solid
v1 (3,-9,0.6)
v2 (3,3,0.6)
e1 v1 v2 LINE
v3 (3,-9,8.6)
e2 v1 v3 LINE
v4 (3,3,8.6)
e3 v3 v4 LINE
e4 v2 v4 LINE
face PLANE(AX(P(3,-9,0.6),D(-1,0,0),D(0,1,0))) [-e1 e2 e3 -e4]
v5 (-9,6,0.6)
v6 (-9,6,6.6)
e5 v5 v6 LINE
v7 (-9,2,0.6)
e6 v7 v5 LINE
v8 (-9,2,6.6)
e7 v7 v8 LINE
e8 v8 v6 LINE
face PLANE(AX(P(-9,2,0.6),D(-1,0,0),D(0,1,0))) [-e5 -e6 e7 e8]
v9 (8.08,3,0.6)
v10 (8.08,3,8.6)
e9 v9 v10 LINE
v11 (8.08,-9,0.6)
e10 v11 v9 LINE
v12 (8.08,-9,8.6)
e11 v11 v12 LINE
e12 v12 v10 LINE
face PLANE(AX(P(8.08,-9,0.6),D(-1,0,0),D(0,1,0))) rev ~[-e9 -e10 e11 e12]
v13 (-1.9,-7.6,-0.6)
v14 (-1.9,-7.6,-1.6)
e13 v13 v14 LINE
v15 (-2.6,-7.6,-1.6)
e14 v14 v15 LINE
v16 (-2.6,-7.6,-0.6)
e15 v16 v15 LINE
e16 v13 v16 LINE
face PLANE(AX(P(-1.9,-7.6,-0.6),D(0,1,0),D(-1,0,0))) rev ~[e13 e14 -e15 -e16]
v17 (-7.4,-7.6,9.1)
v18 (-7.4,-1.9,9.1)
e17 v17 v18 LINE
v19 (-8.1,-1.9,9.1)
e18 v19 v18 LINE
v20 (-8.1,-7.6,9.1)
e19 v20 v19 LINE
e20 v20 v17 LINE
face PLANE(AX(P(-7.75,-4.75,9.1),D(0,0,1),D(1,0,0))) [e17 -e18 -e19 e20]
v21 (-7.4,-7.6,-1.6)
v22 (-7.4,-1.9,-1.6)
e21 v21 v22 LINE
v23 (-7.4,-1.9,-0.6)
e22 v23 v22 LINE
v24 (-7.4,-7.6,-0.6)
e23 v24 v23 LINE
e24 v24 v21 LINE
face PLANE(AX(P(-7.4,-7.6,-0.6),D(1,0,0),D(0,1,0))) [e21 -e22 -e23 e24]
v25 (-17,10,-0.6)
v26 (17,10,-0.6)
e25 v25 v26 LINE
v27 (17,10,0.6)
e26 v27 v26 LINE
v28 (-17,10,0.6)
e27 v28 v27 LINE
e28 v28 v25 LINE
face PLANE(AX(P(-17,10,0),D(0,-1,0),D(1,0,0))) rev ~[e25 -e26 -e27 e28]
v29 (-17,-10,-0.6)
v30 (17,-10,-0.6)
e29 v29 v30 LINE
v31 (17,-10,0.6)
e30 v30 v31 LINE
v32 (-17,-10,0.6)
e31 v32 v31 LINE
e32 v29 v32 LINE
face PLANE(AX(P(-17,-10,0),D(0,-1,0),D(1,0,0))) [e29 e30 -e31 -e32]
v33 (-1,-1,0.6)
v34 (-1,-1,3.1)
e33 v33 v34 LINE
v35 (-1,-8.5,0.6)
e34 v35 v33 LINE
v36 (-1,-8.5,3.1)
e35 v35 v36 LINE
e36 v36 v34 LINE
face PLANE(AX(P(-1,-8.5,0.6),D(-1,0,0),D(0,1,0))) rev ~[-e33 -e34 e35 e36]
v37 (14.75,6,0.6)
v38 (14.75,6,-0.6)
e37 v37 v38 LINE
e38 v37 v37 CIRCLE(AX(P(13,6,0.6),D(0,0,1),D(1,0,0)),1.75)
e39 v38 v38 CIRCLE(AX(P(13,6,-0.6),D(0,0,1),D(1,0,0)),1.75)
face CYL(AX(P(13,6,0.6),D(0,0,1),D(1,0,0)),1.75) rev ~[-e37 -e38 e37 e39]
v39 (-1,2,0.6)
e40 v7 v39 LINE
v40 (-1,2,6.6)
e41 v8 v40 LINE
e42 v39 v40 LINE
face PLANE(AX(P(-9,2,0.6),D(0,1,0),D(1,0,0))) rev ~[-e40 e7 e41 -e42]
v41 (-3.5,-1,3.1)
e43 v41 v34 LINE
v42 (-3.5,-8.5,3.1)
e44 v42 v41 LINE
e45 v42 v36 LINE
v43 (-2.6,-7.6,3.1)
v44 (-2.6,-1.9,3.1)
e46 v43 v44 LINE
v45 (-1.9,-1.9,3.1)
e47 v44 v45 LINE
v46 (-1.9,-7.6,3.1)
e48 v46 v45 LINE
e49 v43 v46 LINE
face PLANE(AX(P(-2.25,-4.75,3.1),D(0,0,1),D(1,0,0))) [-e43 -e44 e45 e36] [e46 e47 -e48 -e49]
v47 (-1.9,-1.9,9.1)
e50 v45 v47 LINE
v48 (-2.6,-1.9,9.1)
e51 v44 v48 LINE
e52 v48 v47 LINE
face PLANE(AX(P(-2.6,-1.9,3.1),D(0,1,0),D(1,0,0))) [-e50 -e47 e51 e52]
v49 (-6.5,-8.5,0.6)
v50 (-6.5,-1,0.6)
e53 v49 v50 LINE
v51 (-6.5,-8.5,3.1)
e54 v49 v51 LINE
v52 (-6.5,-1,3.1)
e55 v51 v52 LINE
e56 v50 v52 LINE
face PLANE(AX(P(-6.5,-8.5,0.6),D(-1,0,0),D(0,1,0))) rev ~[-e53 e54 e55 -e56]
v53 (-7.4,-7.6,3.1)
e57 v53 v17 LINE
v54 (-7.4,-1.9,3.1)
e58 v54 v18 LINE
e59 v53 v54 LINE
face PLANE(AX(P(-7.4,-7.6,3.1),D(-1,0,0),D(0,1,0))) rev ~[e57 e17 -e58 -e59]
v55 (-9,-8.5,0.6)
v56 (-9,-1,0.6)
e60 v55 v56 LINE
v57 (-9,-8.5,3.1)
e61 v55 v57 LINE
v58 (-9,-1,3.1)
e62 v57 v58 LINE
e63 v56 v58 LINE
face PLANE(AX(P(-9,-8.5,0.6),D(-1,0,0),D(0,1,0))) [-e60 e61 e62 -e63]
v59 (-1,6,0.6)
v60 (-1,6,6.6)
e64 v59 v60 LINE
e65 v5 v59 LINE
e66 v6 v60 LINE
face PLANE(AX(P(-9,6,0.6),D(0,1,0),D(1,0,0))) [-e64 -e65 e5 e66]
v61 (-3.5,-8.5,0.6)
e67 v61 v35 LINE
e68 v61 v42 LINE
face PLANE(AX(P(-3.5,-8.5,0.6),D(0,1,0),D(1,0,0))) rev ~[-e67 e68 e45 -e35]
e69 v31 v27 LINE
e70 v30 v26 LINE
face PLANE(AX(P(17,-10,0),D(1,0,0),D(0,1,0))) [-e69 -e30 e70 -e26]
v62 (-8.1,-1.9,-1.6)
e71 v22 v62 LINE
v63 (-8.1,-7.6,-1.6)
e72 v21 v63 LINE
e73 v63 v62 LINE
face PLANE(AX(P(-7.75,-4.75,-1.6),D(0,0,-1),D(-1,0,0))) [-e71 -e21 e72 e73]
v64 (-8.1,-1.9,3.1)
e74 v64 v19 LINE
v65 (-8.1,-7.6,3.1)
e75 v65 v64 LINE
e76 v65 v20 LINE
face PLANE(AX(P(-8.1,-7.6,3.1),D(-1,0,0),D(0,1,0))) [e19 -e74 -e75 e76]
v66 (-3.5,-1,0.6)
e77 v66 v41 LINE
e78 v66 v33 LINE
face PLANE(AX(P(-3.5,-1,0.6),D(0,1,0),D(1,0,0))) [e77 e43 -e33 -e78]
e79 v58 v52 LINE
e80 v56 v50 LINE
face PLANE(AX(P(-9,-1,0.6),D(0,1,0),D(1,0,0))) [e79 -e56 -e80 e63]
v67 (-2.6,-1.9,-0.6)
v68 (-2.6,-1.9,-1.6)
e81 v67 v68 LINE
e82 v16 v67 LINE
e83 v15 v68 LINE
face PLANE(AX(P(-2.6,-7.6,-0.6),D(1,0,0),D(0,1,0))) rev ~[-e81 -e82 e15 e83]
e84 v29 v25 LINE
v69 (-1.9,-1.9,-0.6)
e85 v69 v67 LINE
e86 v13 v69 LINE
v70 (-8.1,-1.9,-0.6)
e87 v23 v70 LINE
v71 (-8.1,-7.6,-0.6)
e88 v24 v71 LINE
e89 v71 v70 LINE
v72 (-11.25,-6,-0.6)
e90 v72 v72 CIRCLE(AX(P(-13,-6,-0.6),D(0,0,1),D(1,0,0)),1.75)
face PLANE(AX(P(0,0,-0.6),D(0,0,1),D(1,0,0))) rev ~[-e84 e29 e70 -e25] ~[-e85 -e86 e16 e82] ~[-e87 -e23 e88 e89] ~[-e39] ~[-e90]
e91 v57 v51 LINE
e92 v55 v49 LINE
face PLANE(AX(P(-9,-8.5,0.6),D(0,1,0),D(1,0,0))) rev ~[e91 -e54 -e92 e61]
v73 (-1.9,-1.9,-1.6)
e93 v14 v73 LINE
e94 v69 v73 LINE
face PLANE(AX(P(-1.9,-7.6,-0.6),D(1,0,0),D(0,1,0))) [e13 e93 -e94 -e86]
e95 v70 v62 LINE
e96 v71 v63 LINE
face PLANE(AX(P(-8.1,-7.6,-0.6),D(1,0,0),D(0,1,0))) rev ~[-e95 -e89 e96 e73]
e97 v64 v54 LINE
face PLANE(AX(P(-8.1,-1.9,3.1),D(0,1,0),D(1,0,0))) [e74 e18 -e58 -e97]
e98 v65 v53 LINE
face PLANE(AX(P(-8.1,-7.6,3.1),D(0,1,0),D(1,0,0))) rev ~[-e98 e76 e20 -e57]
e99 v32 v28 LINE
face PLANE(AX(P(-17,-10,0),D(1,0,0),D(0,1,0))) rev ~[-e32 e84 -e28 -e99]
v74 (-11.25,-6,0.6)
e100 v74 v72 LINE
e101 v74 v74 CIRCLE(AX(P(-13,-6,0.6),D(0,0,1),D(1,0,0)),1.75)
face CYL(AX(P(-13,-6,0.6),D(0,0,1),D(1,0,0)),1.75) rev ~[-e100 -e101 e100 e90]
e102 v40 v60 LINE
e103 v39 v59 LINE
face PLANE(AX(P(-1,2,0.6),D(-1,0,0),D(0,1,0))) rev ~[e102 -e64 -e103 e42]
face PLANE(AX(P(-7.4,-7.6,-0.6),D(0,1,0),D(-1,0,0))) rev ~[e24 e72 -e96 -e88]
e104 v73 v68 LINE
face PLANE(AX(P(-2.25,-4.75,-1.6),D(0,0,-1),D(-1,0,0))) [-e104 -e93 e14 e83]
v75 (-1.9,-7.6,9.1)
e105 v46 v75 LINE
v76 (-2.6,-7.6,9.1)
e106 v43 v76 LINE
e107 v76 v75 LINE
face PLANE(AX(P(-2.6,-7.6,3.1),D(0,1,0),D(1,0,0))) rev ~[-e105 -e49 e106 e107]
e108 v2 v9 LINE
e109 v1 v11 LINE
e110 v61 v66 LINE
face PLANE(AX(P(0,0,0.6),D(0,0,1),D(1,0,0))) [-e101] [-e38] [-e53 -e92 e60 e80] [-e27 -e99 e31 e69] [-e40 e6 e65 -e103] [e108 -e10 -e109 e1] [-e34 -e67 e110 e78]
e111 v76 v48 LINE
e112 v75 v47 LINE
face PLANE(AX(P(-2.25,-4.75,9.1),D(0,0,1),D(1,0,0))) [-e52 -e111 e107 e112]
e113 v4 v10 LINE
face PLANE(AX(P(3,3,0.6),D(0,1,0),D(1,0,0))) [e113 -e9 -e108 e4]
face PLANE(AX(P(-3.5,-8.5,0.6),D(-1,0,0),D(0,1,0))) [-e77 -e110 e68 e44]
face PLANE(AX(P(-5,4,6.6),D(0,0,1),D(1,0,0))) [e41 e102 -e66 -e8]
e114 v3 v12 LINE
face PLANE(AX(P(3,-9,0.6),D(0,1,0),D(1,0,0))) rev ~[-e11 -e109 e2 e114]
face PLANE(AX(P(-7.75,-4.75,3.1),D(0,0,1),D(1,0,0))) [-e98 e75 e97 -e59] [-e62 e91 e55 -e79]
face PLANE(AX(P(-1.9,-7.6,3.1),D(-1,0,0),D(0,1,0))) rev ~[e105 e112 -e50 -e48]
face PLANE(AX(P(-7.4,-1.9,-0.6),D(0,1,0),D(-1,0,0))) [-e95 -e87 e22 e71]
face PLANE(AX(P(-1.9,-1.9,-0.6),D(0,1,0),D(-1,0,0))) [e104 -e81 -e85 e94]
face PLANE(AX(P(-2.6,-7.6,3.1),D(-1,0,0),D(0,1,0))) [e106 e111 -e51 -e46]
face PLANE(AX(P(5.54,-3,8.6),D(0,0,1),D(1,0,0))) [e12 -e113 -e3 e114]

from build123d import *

# Parameters (mm, degrees)
SKETCH1_W           = 34
SKETCH1_H           = 20
BOSS_EXTRUDE1_DEPTH = 0.6
SKETCH2_W           = 2.5
SKETCH2_H           = 7.5
BOSS_EXTRUDE2_DEPTH = 2.5
SKETCH3_W           = 0.7
SKETCH3_H           = 5.7
BOSS_EXTRUDE3_DEPTH = 6
SKETCH4_W           = 0.7
SKETCH4_H           = 5.7
BOSS_EXTRUDE4_DEPTH = 1
SKETCH6_W           = 5.08
SKETCH6_H           = 12
BOSS_EXTRUDE5_DEPTH = 8
SKETCH7_W           = 8
SKETCH7_H           = 4
BOSS_EXTRUDE6_DEPTH = 6
SKETCH8_R           = 1.75
CUT_EXTRUDE1_DEPTH  = 22.476731595


with BuildPart() as part:
    # Sketch1 → Boss-Extrude1 (new, symmetric)
    with BuildSketch(Plane.XY):
        Rectangle(SKETCH1_W, SKETCH1_H)
    extrude(amount=BOSS_EXTRUDE1_DEPTH, both=True)

    # Sketch2 → Boss-Extrude2 (add)
    with BuildSketch(Plane.XY.offset(0.6)):
        with Locations((-7.75, -4.75)):
            Rectangle(SKETCH2_W, SKETCH2_H)
        with Locations((-2.25, -4.75)):
            Rectangle(SKETCH2_W, SKETCH2_H)
    extrude(amount=BOSS_EXTRUDE2_DEPTH)

    # Sketch3 → Boss-Extrude3 (add)
    with BuildSketch(Plane.XY.offset(3.1)):
        with Locations((-7.75, -4.75)):
            Rectangle(SKETCH3_W, SKETCH3_H)
        with Locations((-2.25, -4.75)):
            Rectangle(SKETCH3_W, SKETCH3_H)
    extrude(amount=BOSS_EXTRUDE3_DEPTH)

    # Sketch4 → Boss-Extrude4 (add)
    with BuildSketch(Plane(origin=(0, 0, -0.6), x_dir=(-1, 0, 0), z_dir=(0, 0, -1))):
        with Locations((7.75, -4.75)):
            Rectangle(SKETCH4_W, SKETCH4_H)
        with Locations((2.25, -4.75)):
            Rectangle(SKETCH4_W, SKETCH4_H)
    extrude(amount=BOSS_EXTRUDE4_DEPTH)

    # Sketch6 → Boss-Extrude5 (add)
    with BuildSketch(Plane.XY.offset(0.6)):
        with Locations((5.54, -3)):
            Rectangle(SKETCH6_W, SKETCH6_H)
    extrude(amount=BOSS_EXTRUDE5_DEPTH)

    # Sketch7 → Boss-Extrude6 (add)
    with BuildSketch(Plane.XY.offset(0.6)):
        with Locations((-5, 4)):
            Rectangle(SKETCH7_W, SKETCH7_H)
    extrude(amount=BOSS_EXTRUDE6_DEPTH)

    # Sketch8 → Cut-Extrude1 (cut, through all)
    with BuildSketch(Plane.XY.offset(0.6)):
        with Locations((-13, -6)):
            Circle(SKETCH8_R)
        with Locations((13, 6)):
            Circle(SKETCH8_R)
    extrude(amount=-CUT_EXTRUDE1_DEPTH, mode=Mode.SUBTRACT)


solid = part.part
